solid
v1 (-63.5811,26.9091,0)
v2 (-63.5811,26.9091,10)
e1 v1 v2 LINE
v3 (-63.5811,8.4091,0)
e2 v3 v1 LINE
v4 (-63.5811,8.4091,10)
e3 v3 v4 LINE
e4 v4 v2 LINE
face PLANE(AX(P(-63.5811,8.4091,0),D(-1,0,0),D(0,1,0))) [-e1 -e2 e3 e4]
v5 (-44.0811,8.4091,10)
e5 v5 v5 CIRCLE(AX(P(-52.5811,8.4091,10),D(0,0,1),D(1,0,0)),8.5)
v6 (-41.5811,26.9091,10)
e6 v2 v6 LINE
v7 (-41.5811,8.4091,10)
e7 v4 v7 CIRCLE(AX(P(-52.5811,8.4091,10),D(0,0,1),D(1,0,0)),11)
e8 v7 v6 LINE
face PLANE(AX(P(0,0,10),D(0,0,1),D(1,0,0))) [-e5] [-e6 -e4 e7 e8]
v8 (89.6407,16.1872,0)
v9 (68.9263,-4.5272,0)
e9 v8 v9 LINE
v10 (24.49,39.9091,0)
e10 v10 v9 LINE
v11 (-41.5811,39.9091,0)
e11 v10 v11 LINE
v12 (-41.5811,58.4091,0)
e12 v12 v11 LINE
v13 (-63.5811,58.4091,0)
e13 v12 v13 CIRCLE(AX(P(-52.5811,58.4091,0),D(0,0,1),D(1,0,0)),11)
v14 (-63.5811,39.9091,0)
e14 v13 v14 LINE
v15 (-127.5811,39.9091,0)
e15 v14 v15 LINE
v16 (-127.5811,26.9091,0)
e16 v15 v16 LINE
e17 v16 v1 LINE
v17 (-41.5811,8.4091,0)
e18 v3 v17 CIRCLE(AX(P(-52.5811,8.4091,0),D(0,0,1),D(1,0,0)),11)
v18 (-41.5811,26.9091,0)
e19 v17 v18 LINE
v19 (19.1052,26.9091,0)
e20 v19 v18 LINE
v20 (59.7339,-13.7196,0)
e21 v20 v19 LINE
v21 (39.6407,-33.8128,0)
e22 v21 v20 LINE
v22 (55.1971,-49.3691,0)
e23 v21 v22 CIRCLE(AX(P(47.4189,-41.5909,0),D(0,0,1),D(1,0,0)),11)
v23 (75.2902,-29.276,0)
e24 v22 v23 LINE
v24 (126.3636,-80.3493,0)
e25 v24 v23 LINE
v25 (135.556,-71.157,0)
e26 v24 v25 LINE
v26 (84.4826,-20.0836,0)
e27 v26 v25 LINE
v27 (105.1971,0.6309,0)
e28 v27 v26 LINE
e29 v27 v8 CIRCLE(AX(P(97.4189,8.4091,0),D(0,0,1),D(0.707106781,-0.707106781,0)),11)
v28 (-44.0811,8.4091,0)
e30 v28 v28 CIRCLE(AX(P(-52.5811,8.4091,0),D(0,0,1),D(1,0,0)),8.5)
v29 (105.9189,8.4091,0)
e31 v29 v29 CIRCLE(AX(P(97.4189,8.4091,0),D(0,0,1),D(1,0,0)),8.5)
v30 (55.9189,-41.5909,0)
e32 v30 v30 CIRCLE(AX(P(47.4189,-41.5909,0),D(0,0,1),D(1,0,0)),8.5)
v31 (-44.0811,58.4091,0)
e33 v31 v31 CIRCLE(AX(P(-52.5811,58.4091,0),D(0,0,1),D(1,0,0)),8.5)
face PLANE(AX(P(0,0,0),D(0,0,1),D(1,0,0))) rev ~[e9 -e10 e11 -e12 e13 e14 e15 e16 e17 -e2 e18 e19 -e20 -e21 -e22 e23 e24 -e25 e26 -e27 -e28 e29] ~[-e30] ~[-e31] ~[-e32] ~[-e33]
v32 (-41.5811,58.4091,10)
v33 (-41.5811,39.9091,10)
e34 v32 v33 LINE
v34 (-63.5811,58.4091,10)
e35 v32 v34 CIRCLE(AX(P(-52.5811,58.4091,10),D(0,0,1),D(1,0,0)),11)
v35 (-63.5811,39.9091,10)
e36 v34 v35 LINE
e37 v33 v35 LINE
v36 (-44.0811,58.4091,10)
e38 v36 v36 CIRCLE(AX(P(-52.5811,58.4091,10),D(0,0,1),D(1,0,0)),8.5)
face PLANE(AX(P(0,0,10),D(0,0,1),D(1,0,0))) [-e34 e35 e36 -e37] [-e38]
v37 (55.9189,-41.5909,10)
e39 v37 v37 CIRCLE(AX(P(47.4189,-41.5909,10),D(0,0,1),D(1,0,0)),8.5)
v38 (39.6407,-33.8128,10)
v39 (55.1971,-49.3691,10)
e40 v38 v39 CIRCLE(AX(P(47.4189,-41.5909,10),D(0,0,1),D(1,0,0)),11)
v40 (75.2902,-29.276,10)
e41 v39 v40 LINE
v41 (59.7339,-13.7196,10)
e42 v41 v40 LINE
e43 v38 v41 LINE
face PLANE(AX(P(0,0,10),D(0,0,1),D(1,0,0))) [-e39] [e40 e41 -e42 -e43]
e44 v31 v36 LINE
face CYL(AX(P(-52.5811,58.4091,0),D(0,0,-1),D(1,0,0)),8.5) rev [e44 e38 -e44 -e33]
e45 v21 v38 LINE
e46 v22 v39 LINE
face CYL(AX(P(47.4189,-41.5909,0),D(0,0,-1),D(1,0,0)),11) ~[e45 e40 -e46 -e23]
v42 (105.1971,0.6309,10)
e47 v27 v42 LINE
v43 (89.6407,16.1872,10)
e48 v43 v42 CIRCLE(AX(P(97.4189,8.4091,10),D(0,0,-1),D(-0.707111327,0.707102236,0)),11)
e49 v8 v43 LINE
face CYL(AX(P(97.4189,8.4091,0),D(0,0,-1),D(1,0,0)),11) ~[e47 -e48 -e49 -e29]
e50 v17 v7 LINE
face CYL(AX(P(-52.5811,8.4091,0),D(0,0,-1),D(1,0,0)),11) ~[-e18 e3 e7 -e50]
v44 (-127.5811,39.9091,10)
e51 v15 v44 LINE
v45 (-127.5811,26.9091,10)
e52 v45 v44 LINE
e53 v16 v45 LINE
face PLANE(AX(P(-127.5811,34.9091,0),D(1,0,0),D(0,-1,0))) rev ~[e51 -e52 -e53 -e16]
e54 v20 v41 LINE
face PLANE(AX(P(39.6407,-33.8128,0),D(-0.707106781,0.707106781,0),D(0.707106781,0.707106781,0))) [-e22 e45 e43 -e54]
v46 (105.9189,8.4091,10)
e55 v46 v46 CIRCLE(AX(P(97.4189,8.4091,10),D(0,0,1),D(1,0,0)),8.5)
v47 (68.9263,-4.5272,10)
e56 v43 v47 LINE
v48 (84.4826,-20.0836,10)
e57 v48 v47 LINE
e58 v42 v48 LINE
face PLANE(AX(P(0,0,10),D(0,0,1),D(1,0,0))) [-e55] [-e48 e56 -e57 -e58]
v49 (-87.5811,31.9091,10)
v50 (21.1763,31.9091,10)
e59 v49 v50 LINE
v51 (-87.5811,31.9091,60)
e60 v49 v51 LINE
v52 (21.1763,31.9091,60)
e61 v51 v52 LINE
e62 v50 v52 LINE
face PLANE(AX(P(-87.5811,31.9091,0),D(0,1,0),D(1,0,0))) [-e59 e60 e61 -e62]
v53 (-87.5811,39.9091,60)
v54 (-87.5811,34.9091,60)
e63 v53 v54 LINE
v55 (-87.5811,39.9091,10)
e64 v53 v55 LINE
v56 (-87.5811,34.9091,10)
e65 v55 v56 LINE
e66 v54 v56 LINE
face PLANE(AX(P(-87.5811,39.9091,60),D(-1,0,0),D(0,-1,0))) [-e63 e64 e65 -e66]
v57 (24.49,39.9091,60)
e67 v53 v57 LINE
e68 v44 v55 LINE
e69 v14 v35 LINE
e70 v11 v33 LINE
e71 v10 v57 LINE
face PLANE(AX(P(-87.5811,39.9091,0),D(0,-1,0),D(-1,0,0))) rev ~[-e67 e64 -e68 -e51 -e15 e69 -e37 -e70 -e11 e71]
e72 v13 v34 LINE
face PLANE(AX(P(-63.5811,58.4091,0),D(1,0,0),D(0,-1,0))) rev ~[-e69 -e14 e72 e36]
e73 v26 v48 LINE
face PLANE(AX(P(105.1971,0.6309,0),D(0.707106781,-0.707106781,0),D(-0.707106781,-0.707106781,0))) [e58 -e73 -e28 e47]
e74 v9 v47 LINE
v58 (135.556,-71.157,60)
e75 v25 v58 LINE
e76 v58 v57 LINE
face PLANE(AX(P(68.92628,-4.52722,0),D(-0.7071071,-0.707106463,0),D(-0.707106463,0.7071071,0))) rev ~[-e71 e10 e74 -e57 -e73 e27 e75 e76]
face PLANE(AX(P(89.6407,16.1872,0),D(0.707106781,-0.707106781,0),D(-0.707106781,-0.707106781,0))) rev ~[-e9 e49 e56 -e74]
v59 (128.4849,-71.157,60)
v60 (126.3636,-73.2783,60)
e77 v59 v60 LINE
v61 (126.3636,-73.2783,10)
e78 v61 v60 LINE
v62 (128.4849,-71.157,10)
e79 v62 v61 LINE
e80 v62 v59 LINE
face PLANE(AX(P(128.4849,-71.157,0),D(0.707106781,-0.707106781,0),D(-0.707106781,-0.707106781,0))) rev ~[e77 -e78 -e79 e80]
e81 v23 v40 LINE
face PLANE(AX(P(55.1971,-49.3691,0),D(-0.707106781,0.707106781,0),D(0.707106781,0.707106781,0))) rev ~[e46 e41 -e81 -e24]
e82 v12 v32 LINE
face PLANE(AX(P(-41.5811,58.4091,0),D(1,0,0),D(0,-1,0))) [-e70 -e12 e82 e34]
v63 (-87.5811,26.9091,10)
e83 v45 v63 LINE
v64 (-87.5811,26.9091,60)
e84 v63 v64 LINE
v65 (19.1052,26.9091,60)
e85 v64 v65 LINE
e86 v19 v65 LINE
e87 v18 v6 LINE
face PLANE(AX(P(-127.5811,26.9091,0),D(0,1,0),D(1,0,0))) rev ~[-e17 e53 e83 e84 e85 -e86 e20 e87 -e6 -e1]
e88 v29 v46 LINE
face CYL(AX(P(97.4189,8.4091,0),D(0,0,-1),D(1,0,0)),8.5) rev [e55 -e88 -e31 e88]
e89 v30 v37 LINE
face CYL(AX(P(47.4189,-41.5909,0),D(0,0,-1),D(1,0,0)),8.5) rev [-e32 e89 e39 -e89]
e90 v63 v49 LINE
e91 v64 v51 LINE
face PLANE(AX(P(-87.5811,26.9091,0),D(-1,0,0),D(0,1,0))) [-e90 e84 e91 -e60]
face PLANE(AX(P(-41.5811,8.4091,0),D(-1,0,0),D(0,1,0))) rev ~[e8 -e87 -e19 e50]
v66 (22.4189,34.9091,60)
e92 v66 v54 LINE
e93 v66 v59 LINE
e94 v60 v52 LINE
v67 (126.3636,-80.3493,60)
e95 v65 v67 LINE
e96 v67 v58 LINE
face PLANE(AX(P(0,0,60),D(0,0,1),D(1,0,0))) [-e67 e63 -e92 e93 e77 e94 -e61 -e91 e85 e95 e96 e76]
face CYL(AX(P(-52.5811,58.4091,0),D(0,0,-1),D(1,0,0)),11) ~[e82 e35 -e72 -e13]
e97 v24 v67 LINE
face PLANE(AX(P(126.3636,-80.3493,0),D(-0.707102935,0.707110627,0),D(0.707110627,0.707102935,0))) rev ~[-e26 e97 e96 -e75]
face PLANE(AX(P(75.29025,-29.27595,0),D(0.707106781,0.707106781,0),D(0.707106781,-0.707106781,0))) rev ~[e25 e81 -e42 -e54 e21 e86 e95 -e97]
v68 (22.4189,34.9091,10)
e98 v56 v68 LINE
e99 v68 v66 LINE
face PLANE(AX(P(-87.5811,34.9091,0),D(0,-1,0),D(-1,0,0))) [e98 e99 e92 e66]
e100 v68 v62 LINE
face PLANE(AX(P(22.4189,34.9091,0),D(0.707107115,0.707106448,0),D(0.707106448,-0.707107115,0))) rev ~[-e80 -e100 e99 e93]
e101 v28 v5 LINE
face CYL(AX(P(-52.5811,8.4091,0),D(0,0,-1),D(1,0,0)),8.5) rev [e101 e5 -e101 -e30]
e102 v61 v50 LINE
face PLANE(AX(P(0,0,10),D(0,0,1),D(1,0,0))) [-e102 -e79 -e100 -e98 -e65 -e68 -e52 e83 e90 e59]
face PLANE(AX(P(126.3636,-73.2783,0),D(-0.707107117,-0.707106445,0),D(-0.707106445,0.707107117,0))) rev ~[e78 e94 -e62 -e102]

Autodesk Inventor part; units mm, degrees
ref_plane "YZ Plane" through (0, 0, 0) normal (1, 0, 0) x (0, 1, 0)
ref_plane "XZ Plane" through (0, 0, 0) normal (0, 1, 0) x (-1, 0, 0)
ref_plane "XY Plane" through (0, 0, 0) normal (0, 0, 1) x (1, 0, 0)
sketch "Sketch1" plane through (0, 0, 0) normal (0, 0, 1) x (1, 0, 0)
  line L0 (-127.5811, 34.9091) -> (-127.5811, 31.9091)
  line L1 (-127.5811, 34.9091) -> (-127.5811, 39.9091)
  line L2 (-127.5811, 31.9091) -> (-127.5811, 26.9091)
  line L3 (-127.5811, 26.9091) -> (19.1052, 26.9091)
  line L4 (-127.5811, 31.9091) -> (21.1763, 31.9091)
  line L5 (22.4189, 34.9091) -> (-127.5811, 34.9091)
  line L6 (24.49, 39.9091) -> (-127.5811, 39.9091)
  line L7 (126.3636, -73.2783) -> (21.1763, 31.9091)
  line L8 (22.4189, 34.9091) -> (128.4849, -71.157)
  line L9 (128.4849, -71.157) -> (126.3636, -73.2783)
  line L10 (19.1052, 26.9091) -> (126.3636, -80.3493)
  line L11 (135.556, -71.157) -> (24.49, 39.9091)
  line L12 (126.3636, -80.3493) -> (135.556, -71.157)
  line L13 (-87.5811, 26.9091) -> (-87.5811, 31.9091)
  line L14 (105.1971, 0.6309) -> (84.4826, -20.0836)
  circle A0 centre (97.4189, 8.4091) radius 8.5
  circle A1 centre (97.4189, 8.4091) radius 11
  line L15 (89.6407, 16.1872) -> (68.9263, -4.5272)
  line L16 (55.1971, -49.3691) -> (75.2902, -29.276)
  line L17 (39.6407, -33.8128) -> (59.7339, -13.7196)
  circle A2 centre (47.4189, -41.5909) radius 8.5
  circle A3 centre (47.4189, -41.5909) radius 11
  line L18 (-41.5811, 8.4091) -> (-41.5811, 26.9091)
  line L19 (-63.5811, 8.4091) -> (-63.5811, 26.9091)
  circle A4 centre (-52.5811, 8.4091) radius 8.5
  circle A5 centre (-52.5811, 8.4091) radius 11
  line L20 (-41.5811, 58.4091) -> (-41.5811, 39.9091)
  circle A6 centre (-52.5811, 58.4091) radius 8.5
  circle A7 centre (-52.5811, 58.4091) radius 11
  line L21 (-63.5811, 58.4091) -> (-63.5811, 39.9091)
  line L22 (-87.5811, 34.9091) -> (-87.5811, 39.9091)
  point P0 (0, 0)
  point P1 (-127.5811, 33.4091)
  point P2 (-127.5811, 33.4091)
  point P3 (-127.5811, 29.4091)
  point P4 (-87.5811, 29.4091)
  point P5 (-51.5456, 39.9091)
  dimension "d0" = 3
  dimension "d1" = 3
  dimension "d2" = 5
  dimension "d3" = 5
  dimension "d4" = 5
  dimension "d5" = 3
  dimension "d6" = 5
  dimension "d7" = 150
  dimension "d8" = 148.7574
  dimension "d9" = 148.7574
  dimension "d10" = 150
  dimension "d11" = 13
  dimension "d12" = 5
  dimension "d13" = 40
  dimension "d14" = 45
  dimension "d15" = 45
  dimension "d16" = 86
  dimension "d17" = 64
extrude "Extrusion1" add sketch "Sketch1" along normal blind 10 contours L5 L8 L9 L7 L4 L0 | L4 L13 L3 L2 | L21 A7 L20 L6 | L3 L18 A5 L19 | A7 | A5 | L15 A1 L14 L11 | L10 L16 A3 L17 | A1 | A3
extrude "Extrusion2" add sketch "Sketch1" along normal blind 60 contours L1 L6 L22 L5 | L22 L6 L11 L12 L10 L3 L13 L4 L7 L9 L8 L5
sketch "Sketch2" plane through (0, 0, 60) normal (0, 0, 1) x (1, 0, 0)
  line L0 (-127.5811, 39.9091) -> (-127.5811, 34.9091) projected
  line L1 (-127.5811, 34.9091) -> (22.4189, 34.9091) projected
  line L2 (-127.5811, 39.9091) -> (-87.5811, 39.9091)
  line L3 (-87.5811, 39.9091) -> (-87.5811, 34.9091)
  line L4 (-87.5811, 34.9091) -> (-127.5811, 34.9091)
  line L5 (-127.5811, 34.9091) -> (-127.5811, 39.9091)
  point P0 (0, 0)
  dimension "d22" = 40
extrude "Extrusion3" cut sketch "Sketch2" against normal blind 50
properties part number "hold_right"
